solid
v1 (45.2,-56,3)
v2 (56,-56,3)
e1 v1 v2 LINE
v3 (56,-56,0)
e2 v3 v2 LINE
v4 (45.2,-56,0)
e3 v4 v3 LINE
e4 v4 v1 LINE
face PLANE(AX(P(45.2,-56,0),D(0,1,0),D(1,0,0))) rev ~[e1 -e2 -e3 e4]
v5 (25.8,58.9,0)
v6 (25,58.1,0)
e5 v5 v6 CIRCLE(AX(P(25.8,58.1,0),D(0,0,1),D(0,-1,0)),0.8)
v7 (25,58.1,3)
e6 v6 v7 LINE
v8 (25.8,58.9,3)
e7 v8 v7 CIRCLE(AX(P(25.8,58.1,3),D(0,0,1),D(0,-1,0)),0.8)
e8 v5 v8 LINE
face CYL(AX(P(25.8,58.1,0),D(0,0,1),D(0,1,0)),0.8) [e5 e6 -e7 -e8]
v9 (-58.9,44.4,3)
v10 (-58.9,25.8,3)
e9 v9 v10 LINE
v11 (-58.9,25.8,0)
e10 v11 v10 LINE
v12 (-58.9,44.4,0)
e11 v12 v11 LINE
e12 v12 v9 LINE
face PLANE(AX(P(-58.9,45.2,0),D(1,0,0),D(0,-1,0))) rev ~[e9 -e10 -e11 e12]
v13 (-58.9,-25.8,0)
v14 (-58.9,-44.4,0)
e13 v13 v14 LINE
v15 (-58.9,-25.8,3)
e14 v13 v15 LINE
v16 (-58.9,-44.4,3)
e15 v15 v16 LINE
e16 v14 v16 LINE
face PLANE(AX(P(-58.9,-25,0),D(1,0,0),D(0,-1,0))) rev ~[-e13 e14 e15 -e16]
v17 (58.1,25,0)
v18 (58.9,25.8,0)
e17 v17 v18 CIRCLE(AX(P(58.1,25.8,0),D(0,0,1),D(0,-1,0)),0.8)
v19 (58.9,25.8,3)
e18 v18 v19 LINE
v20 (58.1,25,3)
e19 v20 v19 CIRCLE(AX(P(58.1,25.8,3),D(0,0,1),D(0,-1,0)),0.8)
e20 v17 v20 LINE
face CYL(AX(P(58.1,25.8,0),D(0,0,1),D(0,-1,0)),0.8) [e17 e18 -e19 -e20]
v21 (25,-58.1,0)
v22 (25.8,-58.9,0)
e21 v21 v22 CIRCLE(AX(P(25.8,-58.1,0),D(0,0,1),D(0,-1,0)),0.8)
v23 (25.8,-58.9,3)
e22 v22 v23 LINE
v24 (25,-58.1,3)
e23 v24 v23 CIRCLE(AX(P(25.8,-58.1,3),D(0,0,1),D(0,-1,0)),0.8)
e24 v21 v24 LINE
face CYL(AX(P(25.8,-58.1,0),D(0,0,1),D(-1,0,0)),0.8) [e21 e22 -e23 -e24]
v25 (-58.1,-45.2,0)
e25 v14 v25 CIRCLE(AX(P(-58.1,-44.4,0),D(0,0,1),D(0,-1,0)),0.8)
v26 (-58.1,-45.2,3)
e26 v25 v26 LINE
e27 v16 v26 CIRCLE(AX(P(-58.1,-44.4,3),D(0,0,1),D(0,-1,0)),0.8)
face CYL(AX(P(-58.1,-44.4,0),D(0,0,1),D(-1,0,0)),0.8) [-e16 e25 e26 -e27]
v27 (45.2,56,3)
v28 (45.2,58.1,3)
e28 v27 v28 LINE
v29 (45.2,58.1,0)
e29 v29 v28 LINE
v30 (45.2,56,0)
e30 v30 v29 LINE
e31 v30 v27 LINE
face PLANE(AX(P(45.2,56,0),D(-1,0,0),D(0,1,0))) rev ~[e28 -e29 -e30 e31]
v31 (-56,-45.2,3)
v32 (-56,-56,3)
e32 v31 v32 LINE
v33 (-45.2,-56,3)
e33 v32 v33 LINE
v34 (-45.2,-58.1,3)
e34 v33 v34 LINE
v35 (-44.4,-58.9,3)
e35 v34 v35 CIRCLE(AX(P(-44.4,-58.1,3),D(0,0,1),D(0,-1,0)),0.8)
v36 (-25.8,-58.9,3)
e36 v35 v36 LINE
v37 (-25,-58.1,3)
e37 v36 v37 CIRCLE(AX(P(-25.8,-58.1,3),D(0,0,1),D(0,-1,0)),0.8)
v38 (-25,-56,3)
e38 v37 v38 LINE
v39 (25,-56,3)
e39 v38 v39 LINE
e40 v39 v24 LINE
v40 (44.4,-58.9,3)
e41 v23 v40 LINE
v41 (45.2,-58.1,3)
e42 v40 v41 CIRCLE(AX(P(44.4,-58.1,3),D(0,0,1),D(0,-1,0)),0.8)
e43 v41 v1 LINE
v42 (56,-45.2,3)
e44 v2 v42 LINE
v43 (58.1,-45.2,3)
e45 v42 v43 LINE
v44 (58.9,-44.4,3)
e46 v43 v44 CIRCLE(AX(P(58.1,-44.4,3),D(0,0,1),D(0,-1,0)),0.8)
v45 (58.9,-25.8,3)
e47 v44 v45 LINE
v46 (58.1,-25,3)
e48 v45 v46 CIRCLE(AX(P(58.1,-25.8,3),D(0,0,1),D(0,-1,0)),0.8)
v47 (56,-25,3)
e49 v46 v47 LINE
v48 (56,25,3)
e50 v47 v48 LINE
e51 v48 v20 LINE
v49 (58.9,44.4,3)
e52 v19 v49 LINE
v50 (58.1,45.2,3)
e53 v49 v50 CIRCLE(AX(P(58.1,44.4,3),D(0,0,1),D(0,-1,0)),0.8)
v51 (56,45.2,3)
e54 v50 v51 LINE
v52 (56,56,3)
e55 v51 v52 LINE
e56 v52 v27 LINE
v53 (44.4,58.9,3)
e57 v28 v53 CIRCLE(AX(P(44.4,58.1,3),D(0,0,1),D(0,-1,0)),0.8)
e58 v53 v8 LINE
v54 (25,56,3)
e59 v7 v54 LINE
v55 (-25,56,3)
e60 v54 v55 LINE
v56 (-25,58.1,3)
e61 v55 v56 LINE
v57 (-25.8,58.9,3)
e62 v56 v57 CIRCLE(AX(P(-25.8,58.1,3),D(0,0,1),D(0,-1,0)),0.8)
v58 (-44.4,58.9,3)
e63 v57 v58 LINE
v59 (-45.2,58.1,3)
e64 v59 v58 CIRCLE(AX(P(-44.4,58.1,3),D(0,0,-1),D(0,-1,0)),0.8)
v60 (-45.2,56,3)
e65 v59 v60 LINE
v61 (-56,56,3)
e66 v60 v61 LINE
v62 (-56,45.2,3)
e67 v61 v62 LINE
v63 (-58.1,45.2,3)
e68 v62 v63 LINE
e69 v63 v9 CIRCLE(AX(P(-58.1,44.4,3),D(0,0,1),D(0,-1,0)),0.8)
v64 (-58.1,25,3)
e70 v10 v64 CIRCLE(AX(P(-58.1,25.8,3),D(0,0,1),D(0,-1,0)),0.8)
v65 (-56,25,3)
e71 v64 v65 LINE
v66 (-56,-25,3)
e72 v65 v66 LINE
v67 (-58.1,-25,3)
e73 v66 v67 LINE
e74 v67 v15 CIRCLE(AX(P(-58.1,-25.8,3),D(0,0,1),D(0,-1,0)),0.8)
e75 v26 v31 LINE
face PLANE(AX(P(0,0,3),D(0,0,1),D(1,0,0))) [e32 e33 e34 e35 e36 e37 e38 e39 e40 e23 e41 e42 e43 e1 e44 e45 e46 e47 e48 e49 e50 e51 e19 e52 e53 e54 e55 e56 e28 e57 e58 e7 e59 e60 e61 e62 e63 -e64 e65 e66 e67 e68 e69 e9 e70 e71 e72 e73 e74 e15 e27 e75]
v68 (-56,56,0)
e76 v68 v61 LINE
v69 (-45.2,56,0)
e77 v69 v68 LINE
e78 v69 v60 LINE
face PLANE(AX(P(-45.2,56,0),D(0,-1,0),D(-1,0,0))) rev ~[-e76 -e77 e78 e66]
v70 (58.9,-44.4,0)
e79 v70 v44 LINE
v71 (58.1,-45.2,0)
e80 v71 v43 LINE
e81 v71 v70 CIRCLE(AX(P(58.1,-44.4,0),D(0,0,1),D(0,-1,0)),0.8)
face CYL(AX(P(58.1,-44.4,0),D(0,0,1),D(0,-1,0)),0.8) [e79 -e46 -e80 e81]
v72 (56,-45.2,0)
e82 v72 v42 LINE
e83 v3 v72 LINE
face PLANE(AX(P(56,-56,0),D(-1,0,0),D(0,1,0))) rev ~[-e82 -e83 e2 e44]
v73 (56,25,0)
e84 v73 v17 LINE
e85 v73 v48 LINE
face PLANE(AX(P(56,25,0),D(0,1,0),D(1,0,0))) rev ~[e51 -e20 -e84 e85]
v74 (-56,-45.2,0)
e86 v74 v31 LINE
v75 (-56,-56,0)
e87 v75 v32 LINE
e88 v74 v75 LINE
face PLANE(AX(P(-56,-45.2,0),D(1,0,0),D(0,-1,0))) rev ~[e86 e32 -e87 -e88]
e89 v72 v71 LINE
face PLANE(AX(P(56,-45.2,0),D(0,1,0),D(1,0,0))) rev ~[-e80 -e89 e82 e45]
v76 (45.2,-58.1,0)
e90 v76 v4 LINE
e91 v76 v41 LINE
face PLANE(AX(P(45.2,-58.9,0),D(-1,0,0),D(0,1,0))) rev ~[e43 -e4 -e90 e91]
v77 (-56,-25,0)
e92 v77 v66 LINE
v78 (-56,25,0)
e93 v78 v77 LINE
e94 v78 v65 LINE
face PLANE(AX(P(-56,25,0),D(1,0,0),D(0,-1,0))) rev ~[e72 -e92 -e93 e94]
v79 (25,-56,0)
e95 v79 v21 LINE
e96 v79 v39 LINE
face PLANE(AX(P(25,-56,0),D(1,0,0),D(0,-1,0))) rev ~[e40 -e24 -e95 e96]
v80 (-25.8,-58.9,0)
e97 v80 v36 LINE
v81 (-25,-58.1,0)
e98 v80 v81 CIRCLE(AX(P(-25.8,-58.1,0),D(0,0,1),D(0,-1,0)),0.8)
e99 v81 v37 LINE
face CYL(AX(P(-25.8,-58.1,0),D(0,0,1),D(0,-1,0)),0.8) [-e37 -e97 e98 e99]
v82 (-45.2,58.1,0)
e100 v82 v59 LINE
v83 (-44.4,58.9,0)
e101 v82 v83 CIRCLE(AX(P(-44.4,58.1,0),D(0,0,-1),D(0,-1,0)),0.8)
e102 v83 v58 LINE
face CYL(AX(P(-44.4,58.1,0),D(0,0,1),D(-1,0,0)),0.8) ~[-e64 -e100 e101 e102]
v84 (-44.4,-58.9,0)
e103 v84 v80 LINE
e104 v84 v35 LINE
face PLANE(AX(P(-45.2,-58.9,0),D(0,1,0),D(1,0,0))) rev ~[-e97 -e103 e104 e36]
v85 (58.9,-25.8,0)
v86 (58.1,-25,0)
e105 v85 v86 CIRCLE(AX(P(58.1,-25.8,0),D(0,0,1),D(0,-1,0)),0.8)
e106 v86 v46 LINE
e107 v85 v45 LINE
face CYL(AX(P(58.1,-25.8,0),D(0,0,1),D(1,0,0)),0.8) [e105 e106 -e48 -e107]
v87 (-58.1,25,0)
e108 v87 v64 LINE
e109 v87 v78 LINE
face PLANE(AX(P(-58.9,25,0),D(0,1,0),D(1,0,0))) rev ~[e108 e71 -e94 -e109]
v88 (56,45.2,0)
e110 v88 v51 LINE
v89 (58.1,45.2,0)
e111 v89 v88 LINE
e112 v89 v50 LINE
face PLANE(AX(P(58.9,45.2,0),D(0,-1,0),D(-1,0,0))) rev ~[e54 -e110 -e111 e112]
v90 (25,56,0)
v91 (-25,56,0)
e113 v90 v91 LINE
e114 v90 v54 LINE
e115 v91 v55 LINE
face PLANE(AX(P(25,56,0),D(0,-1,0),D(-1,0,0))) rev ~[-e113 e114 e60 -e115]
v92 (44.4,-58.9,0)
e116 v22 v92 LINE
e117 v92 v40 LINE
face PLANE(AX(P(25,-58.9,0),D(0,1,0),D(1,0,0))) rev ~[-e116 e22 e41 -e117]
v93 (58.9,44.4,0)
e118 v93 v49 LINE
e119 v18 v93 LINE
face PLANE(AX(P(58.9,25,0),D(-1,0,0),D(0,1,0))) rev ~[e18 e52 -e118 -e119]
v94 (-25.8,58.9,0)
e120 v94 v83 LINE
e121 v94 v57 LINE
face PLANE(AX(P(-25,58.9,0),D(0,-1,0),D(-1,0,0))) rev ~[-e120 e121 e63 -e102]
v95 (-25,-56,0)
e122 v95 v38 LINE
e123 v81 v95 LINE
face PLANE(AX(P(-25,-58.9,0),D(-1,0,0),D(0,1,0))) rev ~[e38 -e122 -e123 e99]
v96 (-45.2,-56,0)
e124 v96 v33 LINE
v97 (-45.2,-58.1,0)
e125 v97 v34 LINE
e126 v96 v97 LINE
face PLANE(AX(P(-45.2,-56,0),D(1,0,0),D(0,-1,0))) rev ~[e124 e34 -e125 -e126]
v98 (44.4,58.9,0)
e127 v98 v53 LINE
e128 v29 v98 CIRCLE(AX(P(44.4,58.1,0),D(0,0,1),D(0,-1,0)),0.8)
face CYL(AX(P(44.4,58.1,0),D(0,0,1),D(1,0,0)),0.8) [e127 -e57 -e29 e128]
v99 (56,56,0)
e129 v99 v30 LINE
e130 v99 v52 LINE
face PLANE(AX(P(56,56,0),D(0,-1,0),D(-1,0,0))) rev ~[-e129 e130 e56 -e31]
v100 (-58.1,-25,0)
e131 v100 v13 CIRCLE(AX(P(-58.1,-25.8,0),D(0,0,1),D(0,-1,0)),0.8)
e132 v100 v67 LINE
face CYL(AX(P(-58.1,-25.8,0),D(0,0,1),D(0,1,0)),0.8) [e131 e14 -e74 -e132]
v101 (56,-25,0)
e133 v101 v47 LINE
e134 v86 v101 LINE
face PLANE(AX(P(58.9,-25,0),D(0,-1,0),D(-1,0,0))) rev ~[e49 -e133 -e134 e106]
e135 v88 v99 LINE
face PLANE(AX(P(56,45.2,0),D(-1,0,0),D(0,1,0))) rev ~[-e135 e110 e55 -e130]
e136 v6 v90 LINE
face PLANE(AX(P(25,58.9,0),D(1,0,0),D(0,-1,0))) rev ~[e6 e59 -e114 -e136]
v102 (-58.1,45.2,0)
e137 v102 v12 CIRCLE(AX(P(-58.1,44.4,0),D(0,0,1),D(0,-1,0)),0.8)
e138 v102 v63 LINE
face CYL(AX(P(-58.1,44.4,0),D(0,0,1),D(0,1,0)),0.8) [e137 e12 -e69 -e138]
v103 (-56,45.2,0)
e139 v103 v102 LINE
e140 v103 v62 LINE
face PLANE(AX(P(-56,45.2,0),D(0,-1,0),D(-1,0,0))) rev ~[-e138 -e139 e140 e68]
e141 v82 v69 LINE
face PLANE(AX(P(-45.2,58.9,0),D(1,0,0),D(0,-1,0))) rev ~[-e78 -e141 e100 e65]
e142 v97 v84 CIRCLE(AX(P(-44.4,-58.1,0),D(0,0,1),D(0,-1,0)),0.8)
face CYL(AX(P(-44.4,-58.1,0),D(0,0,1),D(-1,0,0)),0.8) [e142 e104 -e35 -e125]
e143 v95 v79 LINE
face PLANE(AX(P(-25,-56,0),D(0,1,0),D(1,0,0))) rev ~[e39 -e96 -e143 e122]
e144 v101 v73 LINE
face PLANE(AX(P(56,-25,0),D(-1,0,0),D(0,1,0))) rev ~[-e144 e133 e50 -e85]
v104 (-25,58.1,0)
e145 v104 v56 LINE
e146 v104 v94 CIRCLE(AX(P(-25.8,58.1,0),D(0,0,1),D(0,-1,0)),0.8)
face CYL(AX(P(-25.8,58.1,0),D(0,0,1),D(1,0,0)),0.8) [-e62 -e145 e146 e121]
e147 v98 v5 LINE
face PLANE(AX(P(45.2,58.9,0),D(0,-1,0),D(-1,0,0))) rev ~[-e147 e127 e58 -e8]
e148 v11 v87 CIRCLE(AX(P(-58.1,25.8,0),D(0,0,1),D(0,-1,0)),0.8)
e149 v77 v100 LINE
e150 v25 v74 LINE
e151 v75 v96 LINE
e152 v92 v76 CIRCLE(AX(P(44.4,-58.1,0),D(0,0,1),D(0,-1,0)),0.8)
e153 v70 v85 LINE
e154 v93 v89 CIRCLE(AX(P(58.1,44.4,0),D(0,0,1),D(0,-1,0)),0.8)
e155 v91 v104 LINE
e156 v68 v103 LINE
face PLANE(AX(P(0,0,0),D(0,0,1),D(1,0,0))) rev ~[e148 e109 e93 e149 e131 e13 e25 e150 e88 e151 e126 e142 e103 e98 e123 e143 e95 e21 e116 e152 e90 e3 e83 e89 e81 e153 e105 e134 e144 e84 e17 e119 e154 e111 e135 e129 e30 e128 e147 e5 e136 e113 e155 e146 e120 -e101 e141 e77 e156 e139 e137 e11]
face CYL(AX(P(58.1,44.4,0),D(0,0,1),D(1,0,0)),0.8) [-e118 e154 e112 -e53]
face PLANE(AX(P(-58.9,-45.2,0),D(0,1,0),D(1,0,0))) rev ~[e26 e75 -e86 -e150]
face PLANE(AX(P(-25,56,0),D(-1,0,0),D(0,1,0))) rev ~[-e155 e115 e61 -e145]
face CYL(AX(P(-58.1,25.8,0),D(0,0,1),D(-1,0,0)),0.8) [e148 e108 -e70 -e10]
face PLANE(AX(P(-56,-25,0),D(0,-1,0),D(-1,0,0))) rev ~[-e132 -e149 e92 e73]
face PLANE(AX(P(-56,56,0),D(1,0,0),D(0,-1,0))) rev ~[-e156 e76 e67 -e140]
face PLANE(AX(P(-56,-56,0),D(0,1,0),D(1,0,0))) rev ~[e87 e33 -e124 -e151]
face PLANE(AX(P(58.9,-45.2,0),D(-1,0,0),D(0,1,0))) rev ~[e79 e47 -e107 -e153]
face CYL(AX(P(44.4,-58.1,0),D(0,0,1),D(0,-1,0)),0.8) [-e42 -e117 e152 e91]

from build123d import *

# Parameters (mm, degrees)
F1_DEPTH = 3
F2_R     = 0.8


with BuildPart() as f1:
    # F0 (on Top) → F1 (new body)
    with BuildSketch(Plane.XY):
        Polygon((-45.2, 58.9), (-45.2, 56), (-56, 56), (-56, 45.2), (-58.9, 45.2), (-58.9, 25), (-56, 25), (-56, -25), (-58.9, -25), (-58.9, -45.2), (-56, -45.2), (-56, -56), (-45.2, -56), (-45.2, -58.9), (-25, -58.9), (-25, -56), (25, -56), (25, -58.9), (45.2, -58.9), (45.2, -56), (56, -56), (56, -45.2), (58.9, -45.2), (58.9, -25), (56, -25), (56, 25), (58.9, 25), (58.9, 45.2), (56, 45.2), (56, 56), (45.2, 56), (45.2, 58.9), (25, 58.9), (25, 56), (-25, 56), (-25, 58.9), align=None)
    extrude(amount=F1_DEPTH)

    # F2
    f2_edges = [f1.edges().sort_by_distance(p)[0] for p in [
        (-45.2, -58.9, 1.5),
        (-25, -58.9, 1.5),
        (-58.9, -45.2, 1.5),
        (-58.9, 25, 1.5),
        (25, -58.9, 1.5),
        (45.2, -58.9, 1.5),
        (58.9, -45.2, 1.5),
        (58.9, 25, 1.5),
        (58.9, -25, 1.5),
        (58.9, 45.2, 1.5),
        (45.2, 58.9, 1.5),
        (-25, 58.9, 1.5),
        (25, 58.9, 1.5),
        (-45.2, 58.9, 1.5),
        (-58.9, 45.2, 1.5),
        (-58.9, -25, 1.5),
    ]]
    fillet(f2_edges, radius=F2_R)


solid = f1.part
